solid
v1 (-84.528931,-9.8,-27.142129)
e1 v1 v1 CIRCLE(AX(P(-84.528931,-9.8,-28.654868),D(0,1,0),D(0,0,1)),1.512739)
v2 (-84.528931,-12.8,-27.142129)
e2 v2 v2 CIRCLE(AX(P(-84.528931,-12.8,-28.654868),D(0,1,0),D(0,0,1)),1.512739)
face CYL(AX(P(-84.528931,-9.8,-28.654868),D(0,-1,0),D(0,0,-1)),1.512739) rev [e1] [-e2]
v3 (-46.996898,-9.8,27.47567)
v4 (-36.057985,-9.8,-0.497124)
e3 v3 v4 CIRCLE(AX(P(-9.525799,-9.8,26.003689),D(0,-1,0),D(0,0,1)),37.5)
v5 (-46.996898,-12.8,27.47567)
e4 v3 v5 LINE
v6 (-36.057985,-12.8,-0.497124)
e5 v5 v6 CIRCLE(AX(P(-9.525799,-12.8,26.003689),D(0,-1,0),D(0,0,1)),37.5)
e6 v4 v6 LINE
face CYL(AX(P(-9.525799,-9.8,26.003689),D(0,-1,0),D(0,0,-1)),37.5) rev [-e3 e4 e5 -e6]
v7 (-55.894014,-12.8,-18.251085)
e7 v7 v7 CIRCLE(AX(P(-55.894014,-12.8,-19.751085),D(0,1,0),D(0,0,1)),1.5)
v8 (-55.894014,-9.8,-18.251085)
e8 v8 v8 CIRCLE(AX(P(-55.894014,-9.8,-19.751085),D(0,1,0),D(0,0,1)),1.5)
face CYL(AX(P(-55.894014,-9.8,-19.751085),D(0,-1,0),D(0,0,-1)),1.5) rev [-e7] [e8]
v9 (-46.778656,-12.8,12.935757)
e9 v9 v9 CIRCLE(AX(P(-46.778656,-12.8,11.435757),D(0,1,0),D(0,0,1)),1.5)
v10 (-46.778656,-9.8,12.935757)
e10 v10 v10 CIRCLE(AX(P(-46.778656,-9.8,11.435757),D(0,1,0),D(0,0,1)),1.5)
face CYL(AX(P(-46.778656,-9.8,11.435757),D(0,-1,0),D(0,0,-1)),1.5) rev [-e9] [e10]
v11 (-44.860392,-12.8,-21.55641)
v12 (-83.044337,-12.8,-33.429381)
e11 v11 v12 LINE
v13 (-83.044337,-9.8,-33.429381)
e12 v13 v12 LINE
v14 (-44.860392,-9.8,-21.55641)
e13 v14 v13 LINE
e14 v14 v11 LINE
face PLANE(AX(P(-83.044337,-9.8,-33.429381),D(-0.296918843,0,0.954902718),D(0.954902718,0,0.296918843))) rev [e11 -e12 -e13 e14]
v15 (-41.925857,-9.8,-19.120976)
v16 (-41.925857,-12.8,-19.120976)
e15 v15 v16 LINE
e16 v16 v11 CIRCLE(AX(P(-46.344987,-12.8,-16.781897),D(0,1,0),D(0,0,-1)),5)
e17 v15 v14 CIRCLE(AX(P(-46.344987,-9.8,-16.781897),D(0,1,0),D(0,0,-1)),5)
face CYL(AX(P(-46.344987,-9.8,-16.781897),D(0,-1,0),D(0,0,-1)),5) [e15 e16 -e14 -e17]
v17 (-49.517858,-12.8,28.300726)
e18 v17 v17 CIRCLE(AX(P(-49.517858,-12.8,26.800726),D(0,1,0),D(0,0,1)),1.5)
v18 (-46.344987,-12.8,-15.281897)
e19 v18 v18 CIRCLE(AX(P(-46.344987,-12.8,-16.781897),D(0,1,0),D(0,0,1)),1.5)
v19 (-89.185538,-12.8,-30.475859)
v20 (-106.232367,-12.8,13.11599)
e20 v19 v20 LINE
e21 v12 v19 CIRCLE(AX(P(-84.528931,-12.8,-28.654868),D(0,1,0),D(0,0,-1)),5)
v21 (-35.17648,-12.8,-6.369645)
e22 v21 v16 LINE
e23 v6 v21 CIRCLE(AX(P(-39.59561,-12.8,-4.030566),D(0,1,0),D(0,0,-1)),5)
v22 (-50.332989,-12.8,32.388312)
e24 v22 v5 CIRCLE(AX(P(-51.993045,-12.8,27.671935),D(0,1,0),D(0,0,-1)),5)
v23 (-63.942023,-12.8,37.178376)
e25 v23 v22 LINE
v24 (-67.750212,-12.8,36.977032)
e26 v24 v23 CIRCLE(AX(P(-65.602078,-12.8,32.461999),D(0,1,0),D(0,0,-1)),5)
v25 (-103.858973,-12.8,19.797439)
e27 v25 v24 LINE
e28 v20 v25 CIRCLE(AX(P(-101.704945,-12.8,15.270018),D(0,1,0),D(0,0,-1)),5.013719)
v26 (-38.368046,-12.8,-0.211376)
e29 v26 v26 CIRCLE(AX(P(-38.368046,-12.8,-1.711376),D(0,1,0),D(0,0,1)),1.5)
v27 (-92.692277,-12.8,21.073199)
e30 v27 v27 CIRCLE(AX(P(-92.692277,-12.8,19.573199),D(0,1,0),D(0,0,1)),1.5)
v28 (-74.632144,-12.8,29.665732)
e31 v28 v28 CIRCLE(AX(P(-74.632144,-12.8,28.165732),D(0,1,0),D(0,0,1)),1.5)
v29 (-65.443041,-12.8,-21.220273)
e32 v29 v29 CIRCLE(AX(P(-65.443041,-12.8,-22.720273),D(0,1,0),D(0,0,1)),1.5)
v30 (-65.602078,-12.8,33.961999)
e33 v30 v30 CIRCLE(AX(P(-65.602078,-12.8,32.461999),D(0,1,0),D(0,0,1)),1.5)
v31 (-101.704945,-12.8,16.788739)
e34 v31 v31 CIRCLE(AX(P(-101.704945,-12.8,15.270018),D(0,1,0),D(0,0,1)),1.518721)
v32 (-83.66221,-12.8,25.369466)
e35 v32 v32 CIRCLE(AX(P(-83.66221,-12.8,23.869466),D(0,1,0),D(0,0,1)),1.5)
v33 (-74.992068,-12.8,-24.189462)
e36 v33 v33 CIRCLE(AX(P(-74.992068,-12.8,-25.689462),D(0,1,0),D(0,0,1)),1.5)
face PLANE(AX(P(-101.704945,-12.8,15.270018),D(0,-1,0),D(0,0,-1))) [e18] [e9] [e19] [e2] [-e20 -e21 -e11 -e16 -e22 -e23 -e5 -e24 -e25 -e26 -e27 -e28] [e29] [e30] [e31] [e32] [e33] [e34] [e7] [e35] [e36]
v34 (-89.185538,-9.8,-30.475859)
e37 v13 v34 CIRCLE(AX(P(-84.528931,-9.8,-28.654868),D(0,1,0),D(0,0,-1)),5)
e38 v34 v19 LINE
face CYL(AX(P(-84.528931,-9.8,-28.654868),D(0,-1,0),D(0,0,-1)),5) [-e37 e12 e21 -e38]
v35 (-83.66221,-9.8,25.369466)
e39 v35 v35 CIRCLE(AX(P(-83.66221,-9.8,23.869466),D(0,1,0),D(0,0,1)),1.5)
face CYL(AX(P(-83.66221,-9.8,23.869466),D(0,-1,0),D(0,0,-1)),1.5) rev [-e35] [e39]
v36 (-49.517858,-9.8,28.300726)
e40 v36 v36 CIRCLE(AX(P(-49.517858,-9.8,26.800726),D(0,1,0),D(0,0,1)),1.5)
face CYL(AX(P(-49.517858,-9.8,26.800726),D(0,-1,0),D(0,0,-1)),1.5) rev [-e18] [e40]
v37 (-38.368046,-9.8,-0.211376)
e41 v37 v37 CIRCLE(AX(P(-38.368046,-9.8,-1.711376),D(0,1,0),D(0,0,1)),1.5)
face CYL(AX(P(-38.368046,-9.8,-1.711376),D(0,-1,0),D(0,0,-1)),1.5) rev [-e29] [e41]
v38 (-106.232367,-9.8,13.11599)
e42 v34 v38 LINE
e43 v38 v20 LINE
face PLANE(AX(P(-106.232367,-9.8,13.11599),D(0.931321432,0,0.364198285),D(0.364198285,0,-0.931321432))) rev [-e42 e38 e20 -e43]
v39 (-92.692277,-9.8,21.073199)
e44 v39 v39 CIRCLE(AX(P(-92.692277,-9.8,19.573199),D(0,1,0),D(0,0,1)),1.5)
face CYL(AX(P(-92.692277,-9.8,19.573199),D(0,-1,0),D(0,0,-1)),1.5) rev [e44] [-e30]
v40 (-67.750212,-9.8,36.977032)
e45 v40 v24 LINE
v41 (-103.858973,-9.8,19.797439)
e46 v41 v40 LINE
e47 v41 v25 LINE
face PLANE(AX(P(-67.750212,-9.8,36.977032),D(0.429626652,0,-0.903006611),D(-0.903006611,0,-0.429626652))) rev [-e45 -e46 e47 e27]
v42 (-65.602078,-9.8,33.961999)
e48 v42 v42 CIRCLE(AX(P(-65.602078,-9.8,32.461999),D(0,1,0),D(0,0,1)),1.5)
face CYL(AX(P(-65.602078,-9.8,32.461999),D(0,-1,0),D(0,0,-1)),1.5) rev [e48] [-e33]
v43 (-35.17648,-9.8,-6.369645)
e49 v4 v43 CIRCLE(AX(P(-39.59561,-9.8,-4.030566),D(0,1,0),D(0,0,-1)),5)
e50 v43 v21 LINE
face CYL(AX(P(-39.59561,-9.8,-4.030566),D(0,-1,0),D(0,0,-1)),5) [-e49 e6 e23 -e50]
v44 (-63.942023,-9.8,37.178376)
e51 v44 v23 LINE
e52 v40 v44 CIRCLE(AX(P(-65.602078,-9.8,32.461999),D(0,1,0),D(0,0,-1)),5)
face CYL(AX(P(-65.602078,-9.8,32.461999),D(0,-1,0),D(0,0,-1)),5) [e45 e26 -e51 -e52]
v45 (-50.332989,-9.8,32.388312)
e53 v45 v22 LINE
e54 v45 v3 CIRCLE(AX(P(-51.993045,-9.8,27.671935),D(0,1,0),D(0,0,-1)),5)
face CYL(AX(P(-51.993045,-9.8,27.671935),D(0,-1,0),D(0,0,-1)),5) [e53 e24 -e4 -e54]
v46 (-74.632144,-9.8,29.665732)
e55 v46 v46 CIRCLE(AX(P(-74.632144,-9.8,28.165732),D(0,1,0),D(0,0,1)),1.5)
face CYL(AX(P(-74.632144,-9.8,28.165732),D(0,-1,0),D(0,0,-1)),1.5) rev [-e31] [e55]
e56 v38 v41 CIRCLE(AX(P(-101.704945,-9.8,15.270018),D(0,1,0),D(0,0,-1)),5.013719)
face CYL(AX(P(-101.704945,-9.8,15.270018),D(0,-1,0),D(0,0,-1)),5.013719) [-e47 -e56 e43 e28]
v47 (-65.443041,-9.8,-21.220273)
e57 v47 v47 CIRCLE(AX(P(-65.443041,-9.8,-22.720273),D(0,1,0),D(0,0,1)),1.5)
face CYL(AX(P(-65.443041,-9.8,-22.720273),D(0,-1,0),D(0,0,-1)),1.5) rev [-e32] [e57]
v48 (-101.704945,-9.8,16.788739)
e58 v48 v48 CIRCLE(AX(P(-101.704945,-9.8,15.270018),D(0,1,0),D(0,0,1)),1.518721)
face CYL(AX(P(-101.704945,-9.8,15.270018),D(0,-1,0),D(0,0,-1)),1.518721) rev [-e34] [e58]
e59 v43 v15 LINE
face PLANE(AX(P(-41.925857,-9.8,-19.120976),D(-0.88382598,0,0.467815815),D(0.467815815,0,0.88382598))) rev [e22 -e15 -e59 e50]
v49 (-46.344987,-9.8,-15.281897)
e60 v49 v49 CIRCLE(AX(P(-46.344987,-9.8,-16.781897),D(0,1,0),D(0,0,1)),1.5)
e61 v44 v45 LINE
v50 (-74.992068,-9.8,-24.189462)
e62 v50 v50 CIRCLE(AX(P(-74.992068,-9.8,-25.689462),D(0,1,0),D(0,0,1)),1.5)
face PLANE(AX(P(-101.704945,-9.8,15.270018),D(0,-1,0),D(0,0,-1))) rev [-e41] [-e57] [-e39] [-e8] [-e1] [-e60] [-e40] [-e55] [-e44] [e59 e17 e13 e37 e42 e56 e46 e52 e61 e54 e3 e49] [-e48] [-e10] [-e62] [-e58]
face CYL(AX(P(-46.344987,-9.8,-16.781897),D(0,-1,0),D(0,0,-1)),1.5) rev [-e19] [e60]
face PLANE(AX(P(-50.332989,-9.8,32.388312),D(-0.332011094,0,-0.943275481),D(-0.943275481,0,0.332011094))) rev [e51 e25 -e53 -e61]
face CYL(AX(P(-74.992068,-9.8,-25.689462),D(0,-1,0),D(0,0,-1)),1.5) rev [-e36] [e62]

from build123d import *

# Parameters (mm, degrees)
SKETCH_2_R      = 1.5
SKETCH_2_R_2    = 1.518721219
SKETCH_2_R_3    = 1.512738874
EXTRUDE_1_DEPTH = 3


with BuildPart() as part:
    # 草图2 → 凸台-拉伸1 (new body)
    with BuildSketch(Plane(origin=(0, -12.8, 0), x_dir=(1, 0, 0), z_dir=(0, 1, 0))):
        with BuildLine():
            Line((-67.750211529, -36.977031927), (-103.858972682, -19.797438789))
            ThreePointArc((-103.858972682, -19.797438789), (-106.429442956, -16.948260564), (-106.232366674, -13.115990359))
            Line((-106.232366674, -13.115990359), (-89.185537995, 30.475859314))
            ThreePointArc((-89.185537995, 30.475859314), (-86.69601178, 33.160837283), (-83.04433662, 33.429381478))
            Line((-83.04433662, 33.429381478), (-44.860392292, 21.55641016))
            ThreePointArc((-44.860392292, 21.55641016), (-43.151818029, 20.629450998), (-41.925856607, 19.120975645))
            Line((-41.925856607, 19.120975645), (-35.176480428, 6.369645252))
            ThreePointArc((-35.176480428, 6.369645252), (-34.651006031, 3.288347657), (-36.057985487, 0.497124446))
            ThreePointArc((-36.057985487, 0.497124446), (-44.450352857, -12.346252855), (-46.996898287, -27.475670456))
            ThreePointArc((-46.996898287, -27.475670456), (-47.856649261, -30.480890326), (-50.332989366, -32.388312117))
            Line((-50.332989366, -32.388312117), (-63.942022797, -37.178376279))
            ThreePointArc((-63.942022797, -37.178376279), (-65.866066657, -37.455025022), (-67.750211529, -36.977031927))
        make_face()
        with Locations(Location((-65.602078267, -32.461998872, 0), (0, 0, 270))):
            Circle(SKETCH_2_R, mode=Mode.SUBTRACT)
        with Locations(Location((-74.632144377, -28.165732348, 0), (0, 0, 270))):
            Circle(SKETCH_2_R, mode=Mode.SUBTRACT)
        with Locations(Location((-83.662210487, -23.869465823, 0), (0, 0, 270))):
            Circle(SKETCH_2_R, mode=Mode.SUBTRACT)
        with Locations(Location((-92.692276597, -19.573199299, 0), (0, 0, 270))):
            Circle(SKETCH_2_R, mode=Mode.SUBTRACT)
        with Locations(Location((-101.704945463, -15.270017578, 0), (0, 0, 270))):
            Circle(SKETCH_2_R_2, mode=Mode.SUBTRACT)
        with Locations(Location((-84.528930836, 28.654867889, 0), (0, 0, 270))):
            Circle(SKETCH_2_R_3, mode=Mode.SUBTRACT)
        with Locations(Location((-74.992068043, 25.689461869, 0), (0, 0, 270))):
            Circle(SKETCH_2_R, mode=Mode.SUBTRACT)
        with Locations(Location((-65.443040865, 22.720273436, 0), (0, 0, 270))):
            Circle(SKETCH_2_R, mode=Mode.SUBTRACT)
        with Locations(Location((-55.894013686, 19.751085004, 0), (0, 0, 270))):
            Circle(SKETCH_2_R, mode=Mode.SUBTRACT)
        with Locations(Location((-46.344986508, 16.781896571, 0), (0, 0, 270))):
            Circle(SKETCH_2_R, mode=Mode.SUBTRACT)
        with Locations(Location((-38.368045535, 1.711376394, 0), (0, 0, 270))):
            Circle(SKETCH_2_R, mode=Mode.SUBTRACT)
        with Locations(Location((-46.778656436, -11.435757143, 0), (0, 0, 270))):
            Circle(SKETCH_2_R, mode=Mode.SUBTRACT)
        with Locations(Location((-49.517857516, -26.800726176, 0), (0, 0, 270))):
            Circle(SKETCH_2_R, mode=Mode.SUBTRACT)
    extrude(amount=EXTRUDE_1_DEPTH)


solid = part.part
